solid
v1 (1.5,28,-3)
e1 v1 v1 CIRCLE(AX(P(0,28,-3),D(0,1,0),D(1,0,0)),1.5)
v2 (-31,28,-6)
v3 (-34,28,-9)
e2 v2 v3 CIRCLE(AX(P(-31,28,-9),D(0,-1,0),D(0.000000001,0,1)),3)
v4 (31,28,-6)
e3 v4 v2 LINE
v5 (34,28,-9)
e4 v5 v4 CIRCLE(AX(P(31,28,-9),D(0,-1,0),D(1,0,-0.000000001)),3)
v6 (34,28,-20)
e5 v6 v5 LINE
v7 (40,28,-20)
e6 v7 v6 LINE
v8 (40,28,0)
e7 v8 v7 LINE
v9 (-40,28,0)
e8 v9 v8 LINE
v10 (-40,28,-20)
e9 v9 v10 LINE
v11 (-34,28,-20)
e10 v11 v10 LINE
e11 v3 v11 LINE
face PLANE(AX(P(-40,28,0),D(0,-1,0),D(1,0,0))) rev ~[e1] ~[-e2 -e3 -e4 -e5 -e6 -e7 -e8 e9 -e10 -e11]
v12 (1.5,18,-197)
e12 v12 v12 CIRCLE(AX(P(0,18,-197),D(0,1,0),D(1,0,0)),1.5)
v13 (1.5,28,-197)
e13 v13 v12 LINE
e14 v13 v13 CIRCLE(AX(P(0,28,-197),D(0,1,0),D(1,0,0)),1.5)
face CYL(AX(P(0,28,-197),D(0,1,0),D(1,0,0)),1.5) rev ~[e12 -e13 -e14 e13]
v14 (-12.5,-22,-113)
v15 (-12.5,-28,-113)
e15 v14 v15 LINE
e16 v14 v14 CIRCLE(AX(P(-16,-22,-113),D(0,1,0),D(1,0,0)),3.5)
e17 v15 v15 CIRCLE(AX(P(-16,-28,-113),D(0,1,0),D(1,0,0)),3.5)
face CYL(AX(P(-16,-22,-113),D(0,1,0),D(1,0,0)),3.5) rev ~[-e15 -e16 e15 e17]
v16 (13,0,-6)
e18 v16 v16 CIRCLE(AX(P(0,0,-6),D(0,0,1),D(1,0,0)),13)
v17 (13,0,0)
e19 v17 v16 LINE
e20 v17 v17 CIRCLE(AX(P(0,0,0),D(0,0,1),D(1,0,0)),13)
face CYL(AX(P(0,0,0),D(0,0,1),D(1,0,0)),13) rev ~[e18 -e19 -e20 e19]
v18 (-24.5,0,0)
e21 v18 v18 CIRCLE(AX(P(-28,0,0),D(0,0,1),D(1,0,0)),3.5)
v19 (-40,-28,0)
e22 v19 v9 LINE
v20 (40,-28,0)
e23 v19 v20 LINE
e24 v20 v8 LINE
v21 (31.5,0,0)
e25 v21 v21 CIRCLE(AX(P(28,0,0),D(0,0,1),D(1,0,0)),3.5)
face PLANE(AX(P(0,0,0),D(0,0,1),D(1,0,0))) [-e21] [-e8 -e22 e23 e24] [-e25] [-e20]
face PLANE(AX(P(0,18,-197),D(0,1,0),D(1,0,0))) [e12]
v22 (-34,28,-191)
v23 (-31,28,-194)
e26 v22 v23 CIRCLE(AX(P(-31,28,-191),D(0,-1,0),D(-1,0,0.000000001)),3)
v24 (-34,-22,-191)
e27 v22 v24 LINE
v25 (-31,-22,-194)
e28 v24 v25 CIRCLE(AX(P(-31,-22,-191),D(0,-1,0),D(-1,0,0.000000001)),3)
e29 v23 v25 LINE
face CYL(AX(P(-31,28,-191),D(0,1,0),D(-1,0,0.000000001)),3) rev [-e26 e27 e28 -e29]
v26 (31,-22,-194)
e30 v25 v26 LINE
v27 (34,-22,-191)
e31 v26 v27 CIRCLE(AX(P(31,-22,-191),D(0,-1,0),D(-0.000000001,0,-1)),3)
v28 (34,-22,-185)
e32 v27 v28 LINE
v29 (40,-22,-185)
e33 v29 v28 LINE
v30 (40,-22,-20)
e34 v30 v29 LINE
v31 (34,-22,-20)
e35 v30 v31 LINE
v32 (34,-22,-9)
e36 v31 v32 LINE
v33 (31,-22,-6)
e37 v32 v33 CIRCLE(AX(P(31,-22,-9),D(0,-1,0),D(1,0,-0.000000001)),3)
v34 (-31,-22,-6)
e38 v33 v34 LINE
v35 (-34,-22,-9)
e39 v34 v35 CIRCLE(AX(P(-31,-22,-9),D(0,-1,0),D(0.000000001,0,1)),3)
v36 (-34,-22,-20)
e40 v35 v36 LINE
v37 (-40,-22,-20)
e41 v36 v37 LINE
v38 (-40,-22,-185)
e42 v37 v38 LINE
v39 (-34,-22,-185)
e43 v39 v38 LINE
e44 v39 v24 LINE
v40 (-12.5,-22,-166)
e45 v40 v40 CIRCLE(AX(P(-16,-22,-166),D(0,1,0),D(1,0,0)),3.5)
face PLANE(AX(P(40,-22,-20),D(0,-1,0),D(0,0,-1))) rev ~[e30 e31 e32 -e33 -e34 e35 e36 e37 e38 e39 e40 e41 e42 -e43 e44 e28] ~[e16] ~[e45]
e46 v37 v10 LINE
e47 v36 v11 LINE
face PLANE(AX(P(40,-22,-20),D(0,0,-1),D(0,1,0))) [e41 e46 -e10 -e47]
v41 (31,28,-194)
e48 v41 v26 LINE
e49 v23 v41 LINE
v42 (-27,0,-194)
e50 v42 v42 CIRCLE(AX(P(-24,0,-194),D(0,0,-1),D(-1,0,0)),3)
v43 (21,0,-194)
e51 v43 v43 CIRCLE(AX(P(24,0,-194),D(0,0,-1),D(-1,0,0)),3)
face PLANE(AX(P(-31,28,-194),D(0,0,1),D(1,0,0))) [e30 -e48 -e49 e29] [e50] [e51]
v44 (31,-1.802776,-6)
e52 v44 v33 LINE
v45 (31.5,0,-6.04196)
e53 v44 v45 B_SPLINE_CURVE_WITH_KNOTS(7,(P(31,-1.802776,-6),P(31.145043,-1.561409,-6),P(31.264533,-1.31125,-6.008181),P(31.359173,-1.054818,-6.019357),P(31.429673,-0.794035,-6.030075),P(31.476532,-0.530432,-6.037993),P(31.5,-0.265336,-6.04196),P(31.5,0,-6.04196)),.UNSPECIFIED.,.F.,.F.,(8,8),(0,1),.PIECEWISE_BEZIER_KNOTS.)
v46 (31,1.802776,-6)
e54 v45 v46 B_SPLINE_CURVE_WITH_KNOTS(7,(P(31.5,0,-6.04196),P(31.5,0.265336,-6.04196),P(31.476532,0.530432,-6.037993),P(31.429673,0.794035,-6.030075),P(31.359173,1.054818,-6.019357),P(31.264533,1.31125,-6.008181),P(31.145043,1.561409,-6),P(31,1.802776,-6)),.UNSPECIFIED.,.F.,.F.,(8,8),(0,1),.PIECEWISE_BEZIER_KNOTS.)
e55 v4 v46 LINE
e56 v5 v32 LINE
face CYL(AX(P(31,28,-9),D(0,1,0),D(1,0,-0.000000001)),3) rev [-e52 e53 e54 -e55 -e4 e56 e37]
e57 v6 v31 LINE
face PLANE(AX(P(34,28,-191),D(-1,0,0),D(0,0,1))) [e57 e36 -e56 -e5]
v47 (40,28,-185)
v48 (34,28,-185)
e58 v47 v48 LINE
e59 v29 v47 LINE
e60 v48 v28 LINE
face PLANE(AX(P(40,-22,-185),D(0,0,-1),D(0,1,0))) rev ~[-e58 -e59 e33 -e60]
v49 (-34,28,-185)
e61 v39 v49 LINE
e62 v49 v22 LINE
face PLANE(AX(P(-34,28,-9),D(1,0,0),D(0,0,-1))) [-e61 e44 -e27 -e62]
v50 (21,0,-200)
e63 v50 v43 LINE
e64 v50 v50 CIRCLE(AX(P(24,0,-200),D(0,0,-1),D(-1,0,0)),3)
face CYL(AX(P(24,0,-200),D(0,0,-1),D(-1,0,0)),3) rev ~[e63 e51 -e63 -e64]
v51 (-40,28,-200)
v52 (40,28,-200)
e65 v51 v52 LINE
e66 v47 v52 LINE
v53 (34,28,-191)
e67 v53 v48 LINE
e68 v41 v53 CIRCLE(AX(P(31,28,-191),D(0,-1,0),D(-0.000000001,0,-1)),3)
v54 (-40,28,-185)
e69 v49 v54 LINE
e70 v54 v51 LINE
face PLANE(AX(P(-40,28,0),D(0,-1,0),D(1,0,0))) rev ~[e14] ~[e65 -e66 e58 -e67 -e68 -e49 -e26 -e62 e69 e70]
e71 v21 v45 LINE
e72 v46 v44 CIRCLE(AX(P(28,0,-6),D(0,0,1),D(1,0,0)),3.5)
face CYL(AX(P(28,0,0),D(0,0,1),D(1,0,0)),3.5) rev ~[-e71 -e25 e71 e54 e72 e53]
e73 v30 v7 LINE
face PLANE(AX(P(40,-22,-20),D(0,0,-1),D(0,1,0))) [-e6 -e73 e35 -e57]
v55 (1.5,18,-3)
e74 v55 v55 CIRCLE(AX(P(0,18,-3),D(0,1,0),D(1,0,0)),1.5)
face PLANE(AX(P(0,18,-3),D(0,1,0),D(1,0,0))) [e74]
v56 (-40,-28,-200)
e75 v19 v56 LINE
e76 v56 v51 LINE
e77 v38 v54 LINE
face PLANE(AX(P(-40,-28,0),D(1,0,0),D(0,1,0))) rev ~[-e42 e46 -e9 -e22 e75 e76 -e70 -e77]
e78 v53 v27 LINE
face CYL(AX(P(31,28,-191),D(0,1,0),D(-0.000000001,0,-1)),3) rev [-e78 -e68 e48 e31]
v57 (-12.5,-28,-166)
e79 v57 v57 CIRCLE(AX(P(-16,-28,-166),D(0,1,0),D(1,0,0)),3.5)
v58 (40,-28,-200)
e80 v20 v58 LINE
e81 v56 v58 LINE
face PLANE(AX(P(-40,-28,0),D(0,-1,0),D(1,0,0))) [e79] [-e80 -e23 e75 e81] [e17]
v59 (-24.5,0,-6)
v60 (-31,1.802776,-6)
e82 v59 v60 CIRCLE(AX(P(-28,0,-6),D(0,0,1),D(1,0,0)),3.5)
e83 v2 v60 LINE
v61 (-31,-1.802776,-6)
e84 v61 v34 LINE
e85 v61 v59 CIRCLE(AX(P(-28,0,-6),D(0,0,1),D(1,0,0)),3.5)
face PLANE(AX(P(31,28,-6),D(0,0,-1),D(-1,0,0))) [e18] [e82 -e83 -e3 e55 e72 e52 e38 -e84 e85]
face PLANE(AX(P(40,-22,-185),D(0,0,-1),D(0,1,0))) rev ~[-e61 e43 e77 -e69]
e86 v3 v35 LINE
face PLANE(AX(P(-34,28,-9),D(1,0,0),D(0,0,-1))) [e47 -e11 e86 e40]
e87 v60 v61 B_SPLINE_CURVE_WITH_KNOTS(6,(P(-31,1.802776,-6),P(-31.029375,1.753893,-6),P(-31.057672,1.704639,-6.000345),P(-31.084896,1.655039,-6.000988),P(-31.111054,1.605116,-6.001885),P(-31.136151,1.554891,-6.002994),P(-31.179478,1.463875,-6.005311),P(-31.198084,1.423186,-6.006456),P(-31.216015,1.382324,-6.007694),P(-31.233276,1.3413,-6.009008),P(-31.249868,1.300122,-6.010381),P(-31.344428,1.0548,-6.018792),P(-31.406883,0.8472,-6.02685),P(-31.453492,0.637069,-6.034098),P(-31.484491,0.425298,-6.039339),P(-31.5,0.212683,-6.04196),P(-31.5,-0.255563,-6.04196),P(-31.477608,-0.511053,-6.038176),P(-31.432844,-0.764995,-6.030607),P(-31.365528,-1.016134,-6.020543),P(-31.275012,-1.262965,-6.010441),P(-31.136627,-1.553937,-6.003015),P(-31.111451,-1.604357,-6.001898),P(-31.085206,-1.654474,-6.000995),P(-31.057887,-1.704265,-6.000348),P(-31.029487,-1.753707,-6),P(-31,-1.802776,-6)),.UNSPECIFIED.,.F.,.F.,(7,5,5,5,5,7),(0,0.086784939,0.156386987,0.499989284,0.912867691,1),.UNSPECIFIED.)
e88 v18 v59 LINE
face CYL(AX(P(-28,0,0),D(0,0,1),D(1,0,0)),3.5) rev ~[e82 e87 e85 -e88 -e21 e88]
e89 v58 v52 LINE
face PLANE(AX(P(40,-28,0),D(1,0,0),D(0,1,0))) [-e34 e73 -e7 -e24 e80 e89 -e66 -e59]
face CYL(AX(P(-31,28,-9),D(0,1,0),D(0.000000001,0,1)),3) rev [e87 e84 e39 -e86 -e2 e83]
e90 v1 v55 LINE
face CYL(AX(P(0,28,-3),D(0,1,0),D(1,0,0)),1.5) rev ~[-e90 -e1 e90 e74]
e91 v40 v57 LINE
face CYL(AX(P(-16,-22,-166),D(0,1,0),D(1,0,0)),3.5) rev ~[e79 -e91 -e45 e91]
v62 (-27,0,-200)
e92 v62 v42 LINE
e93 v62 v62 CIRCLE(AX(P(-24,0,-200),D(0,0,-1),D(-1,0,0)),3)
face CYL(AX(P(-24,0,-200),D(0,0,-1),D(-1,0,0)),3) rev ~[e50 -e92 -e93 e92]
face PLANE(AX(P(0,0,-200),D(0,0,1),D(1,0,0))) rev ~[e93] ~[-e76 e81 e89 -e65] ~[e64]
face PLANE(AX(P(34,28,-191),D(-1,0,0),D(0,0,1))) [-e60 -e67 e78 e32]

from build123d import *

# Parameters (mm, degrees)
SKETCH_1_W          = 80
SKETCH_1_H          = 56
EXTRUDE_1_DEPTH     = 200
CUT_EXTRUDE_1_DEPTH = 50
SKETCH_3_R          = 3.5
SKETCH_3_R_2        = 13
CUT_EXTRUDE_2_DEPTH = 10
SKETCH_4_R          = 2
SKETCH_4_W          = 27
SKETCH_4_H          = 36
CUT_EXTRUDE_3_DEPTH = 10
SKETCH_5_R          = 3
CUT_EXTRUDE_4_DEPTH = 10
SKETCH_6_R          = 3.500000002
SKETCH_6_R_2        = 3.5
CUT_EXTRUDE_5_DEPTH = 10
SKETCH_7_R          = 1.5
CUT_EXTRUDE_6_DEPTH = 10
SKETCH_8_W          = 165
SKETCH_8_H          = 50
CUT_EXTRUDE_7_DEPTH = 81


with BuildPart() as part:
    # 草图1 → 凸台-拉伸1 (new body)
    with BuildSketch(Plane.XY):
        Rectangle(SKETCH_1_W, SKETCH_1_H)
    extrude(amount=-EXTRUDE_1_DEPTH)

    # 草图2 → 切除-拉伸1 (cut)
    with BuildSketch(Plane(origin=(0, 28, 0), x_dir=(1, 0, 0), z_dir=(0, 1, 0))):
        with BuildLine():
            ThreePointArc((-34, 191), (-33.121320344, 193.121320344), (-31, 194))
            Line((-31, 194), (31, 194))
            ThreePointArc((31, 194), (33.121320344, 193.121320344), (34, 191))
            Line((34, 191), (34, 9))
            ThreePointArc((34, 9), (33.121320344, 6.878679656), (31, 6))
            Line((31, 6), (-31, 6))
            ThreePointArc((-31, 6), (-33.121320344, 6.878679656), (-34, 9))
            Line((-34, 9), (-34, 191))
        make_face()
    extrude(amount=-CUT_EXTRUDE_1_DEPTH, mode=Mode.SUBTRACT)

    # 草图3 → 切除-拉伸2 (cut)
    with BuildSketch(Plane.XY):
        with Locations((-28, 0)):
            Circle(SKETCH_3_R)
        Circle(SKETCH_3_R_2)
        with Locations((28, 0)):
            Circle(SKETCH_3_R)
    extrude(amount=-CUT_EXTRUDE_2_DEPTH, mode=Mode.SUBTRACT)

    # 草图4 → 切除-拉伸3 (cut)
    with BuildSketch(Plane.ZY.offset(40)):
        with Locations((-121.5, -5)):
            Circle(SKETCH_4_R)
        with Locations((-121.5, 19)):
            Circle(SKETCH_4_R)
        with Locations((-158.5, 19)):
            Circle(SKETCH_4_R)
        with Locations((-158.5, -5)):
            Circle(SKETCH_4_R)
        with Locations((-140, 7)):
            Rectangle(SKETCH_4_W, SKETCH_4_H)
    extrude(amount=-CUT_EXTRUDE_3_DEPTH, mode=Mode.SUBTRACT)

    # 草图5 → 切除-拉伸4 (cut)
    with BuildSketch(Plane(origin=(0, 0, -200), x_dir=(-1, 0, 0), z_dir=(0, 0, -1))):
        with Locations((24, 0)):
            Circle(SKETCH_5_R)
        with Locations((-24, 0)):
            Circle(SKETCH_5_R)
    extrude(amount=-CUT_EXTRUDE_4_DEPTH, mode=Mode.SUBTRACT)

    # 草图6 → 切除-拉伸5 (cut)
    with BuildSketch(Plane(origin=(0, -22, 0), x_dir=(1, 0, 0), z_dir=(0, 1, 0))):
        with Locations((-16, 166)):
            Circle(SKETCH_6_R)
        with Locations((-16, 113)):
            Circle(SKETCH_6_R_2)
    extrude(amount=-CUT_EXTRUDE_5_DEPTH, mode=Mode.SUBTRACT)

    # 草图7 → 切除-拉伸6 (cut)
    with BuildSketch(Plane(origin=(0, 28, 0), x_dir=(1, 0, 0), z_dir=(0, 1, 0))):
        with Locations((-37, 150)):
            Circle(SKETCH_7_R)
        with Locations((-37, 50)):
            Circle(SKETCH_7_R)
        with Locations((37, 50)):
            Circle(SKETCH_7_R)
        with Locations((37, 150)):
            Circle(SKETCH_7_R)
        with Locations((0, 197)):
            Circle(SKETCH_7_R)
        with Locations((0, 3)):
            Circle(SKETCH_7_R)
    extrude(amount=-CUT_EXTRUDE_6_DEPTH, mode=Mode.SUBTRACT)

    # 草图8 → 切除-拉伸7 (cut, through all)
    with BuildSketch(Plane(origin=(40, 0, 0), x_dir=(0, 0, -1), z_dir=(1, 0, 0))):
        with Locations((102.5, 3)):
            Rectangle(SKETCH_8_W, SKETCH_8_H)
    extrude(amount=-CUT_EXTRUDE_7_DEPTH, mode=Mode.SUBTRACT)


solid = part.part
